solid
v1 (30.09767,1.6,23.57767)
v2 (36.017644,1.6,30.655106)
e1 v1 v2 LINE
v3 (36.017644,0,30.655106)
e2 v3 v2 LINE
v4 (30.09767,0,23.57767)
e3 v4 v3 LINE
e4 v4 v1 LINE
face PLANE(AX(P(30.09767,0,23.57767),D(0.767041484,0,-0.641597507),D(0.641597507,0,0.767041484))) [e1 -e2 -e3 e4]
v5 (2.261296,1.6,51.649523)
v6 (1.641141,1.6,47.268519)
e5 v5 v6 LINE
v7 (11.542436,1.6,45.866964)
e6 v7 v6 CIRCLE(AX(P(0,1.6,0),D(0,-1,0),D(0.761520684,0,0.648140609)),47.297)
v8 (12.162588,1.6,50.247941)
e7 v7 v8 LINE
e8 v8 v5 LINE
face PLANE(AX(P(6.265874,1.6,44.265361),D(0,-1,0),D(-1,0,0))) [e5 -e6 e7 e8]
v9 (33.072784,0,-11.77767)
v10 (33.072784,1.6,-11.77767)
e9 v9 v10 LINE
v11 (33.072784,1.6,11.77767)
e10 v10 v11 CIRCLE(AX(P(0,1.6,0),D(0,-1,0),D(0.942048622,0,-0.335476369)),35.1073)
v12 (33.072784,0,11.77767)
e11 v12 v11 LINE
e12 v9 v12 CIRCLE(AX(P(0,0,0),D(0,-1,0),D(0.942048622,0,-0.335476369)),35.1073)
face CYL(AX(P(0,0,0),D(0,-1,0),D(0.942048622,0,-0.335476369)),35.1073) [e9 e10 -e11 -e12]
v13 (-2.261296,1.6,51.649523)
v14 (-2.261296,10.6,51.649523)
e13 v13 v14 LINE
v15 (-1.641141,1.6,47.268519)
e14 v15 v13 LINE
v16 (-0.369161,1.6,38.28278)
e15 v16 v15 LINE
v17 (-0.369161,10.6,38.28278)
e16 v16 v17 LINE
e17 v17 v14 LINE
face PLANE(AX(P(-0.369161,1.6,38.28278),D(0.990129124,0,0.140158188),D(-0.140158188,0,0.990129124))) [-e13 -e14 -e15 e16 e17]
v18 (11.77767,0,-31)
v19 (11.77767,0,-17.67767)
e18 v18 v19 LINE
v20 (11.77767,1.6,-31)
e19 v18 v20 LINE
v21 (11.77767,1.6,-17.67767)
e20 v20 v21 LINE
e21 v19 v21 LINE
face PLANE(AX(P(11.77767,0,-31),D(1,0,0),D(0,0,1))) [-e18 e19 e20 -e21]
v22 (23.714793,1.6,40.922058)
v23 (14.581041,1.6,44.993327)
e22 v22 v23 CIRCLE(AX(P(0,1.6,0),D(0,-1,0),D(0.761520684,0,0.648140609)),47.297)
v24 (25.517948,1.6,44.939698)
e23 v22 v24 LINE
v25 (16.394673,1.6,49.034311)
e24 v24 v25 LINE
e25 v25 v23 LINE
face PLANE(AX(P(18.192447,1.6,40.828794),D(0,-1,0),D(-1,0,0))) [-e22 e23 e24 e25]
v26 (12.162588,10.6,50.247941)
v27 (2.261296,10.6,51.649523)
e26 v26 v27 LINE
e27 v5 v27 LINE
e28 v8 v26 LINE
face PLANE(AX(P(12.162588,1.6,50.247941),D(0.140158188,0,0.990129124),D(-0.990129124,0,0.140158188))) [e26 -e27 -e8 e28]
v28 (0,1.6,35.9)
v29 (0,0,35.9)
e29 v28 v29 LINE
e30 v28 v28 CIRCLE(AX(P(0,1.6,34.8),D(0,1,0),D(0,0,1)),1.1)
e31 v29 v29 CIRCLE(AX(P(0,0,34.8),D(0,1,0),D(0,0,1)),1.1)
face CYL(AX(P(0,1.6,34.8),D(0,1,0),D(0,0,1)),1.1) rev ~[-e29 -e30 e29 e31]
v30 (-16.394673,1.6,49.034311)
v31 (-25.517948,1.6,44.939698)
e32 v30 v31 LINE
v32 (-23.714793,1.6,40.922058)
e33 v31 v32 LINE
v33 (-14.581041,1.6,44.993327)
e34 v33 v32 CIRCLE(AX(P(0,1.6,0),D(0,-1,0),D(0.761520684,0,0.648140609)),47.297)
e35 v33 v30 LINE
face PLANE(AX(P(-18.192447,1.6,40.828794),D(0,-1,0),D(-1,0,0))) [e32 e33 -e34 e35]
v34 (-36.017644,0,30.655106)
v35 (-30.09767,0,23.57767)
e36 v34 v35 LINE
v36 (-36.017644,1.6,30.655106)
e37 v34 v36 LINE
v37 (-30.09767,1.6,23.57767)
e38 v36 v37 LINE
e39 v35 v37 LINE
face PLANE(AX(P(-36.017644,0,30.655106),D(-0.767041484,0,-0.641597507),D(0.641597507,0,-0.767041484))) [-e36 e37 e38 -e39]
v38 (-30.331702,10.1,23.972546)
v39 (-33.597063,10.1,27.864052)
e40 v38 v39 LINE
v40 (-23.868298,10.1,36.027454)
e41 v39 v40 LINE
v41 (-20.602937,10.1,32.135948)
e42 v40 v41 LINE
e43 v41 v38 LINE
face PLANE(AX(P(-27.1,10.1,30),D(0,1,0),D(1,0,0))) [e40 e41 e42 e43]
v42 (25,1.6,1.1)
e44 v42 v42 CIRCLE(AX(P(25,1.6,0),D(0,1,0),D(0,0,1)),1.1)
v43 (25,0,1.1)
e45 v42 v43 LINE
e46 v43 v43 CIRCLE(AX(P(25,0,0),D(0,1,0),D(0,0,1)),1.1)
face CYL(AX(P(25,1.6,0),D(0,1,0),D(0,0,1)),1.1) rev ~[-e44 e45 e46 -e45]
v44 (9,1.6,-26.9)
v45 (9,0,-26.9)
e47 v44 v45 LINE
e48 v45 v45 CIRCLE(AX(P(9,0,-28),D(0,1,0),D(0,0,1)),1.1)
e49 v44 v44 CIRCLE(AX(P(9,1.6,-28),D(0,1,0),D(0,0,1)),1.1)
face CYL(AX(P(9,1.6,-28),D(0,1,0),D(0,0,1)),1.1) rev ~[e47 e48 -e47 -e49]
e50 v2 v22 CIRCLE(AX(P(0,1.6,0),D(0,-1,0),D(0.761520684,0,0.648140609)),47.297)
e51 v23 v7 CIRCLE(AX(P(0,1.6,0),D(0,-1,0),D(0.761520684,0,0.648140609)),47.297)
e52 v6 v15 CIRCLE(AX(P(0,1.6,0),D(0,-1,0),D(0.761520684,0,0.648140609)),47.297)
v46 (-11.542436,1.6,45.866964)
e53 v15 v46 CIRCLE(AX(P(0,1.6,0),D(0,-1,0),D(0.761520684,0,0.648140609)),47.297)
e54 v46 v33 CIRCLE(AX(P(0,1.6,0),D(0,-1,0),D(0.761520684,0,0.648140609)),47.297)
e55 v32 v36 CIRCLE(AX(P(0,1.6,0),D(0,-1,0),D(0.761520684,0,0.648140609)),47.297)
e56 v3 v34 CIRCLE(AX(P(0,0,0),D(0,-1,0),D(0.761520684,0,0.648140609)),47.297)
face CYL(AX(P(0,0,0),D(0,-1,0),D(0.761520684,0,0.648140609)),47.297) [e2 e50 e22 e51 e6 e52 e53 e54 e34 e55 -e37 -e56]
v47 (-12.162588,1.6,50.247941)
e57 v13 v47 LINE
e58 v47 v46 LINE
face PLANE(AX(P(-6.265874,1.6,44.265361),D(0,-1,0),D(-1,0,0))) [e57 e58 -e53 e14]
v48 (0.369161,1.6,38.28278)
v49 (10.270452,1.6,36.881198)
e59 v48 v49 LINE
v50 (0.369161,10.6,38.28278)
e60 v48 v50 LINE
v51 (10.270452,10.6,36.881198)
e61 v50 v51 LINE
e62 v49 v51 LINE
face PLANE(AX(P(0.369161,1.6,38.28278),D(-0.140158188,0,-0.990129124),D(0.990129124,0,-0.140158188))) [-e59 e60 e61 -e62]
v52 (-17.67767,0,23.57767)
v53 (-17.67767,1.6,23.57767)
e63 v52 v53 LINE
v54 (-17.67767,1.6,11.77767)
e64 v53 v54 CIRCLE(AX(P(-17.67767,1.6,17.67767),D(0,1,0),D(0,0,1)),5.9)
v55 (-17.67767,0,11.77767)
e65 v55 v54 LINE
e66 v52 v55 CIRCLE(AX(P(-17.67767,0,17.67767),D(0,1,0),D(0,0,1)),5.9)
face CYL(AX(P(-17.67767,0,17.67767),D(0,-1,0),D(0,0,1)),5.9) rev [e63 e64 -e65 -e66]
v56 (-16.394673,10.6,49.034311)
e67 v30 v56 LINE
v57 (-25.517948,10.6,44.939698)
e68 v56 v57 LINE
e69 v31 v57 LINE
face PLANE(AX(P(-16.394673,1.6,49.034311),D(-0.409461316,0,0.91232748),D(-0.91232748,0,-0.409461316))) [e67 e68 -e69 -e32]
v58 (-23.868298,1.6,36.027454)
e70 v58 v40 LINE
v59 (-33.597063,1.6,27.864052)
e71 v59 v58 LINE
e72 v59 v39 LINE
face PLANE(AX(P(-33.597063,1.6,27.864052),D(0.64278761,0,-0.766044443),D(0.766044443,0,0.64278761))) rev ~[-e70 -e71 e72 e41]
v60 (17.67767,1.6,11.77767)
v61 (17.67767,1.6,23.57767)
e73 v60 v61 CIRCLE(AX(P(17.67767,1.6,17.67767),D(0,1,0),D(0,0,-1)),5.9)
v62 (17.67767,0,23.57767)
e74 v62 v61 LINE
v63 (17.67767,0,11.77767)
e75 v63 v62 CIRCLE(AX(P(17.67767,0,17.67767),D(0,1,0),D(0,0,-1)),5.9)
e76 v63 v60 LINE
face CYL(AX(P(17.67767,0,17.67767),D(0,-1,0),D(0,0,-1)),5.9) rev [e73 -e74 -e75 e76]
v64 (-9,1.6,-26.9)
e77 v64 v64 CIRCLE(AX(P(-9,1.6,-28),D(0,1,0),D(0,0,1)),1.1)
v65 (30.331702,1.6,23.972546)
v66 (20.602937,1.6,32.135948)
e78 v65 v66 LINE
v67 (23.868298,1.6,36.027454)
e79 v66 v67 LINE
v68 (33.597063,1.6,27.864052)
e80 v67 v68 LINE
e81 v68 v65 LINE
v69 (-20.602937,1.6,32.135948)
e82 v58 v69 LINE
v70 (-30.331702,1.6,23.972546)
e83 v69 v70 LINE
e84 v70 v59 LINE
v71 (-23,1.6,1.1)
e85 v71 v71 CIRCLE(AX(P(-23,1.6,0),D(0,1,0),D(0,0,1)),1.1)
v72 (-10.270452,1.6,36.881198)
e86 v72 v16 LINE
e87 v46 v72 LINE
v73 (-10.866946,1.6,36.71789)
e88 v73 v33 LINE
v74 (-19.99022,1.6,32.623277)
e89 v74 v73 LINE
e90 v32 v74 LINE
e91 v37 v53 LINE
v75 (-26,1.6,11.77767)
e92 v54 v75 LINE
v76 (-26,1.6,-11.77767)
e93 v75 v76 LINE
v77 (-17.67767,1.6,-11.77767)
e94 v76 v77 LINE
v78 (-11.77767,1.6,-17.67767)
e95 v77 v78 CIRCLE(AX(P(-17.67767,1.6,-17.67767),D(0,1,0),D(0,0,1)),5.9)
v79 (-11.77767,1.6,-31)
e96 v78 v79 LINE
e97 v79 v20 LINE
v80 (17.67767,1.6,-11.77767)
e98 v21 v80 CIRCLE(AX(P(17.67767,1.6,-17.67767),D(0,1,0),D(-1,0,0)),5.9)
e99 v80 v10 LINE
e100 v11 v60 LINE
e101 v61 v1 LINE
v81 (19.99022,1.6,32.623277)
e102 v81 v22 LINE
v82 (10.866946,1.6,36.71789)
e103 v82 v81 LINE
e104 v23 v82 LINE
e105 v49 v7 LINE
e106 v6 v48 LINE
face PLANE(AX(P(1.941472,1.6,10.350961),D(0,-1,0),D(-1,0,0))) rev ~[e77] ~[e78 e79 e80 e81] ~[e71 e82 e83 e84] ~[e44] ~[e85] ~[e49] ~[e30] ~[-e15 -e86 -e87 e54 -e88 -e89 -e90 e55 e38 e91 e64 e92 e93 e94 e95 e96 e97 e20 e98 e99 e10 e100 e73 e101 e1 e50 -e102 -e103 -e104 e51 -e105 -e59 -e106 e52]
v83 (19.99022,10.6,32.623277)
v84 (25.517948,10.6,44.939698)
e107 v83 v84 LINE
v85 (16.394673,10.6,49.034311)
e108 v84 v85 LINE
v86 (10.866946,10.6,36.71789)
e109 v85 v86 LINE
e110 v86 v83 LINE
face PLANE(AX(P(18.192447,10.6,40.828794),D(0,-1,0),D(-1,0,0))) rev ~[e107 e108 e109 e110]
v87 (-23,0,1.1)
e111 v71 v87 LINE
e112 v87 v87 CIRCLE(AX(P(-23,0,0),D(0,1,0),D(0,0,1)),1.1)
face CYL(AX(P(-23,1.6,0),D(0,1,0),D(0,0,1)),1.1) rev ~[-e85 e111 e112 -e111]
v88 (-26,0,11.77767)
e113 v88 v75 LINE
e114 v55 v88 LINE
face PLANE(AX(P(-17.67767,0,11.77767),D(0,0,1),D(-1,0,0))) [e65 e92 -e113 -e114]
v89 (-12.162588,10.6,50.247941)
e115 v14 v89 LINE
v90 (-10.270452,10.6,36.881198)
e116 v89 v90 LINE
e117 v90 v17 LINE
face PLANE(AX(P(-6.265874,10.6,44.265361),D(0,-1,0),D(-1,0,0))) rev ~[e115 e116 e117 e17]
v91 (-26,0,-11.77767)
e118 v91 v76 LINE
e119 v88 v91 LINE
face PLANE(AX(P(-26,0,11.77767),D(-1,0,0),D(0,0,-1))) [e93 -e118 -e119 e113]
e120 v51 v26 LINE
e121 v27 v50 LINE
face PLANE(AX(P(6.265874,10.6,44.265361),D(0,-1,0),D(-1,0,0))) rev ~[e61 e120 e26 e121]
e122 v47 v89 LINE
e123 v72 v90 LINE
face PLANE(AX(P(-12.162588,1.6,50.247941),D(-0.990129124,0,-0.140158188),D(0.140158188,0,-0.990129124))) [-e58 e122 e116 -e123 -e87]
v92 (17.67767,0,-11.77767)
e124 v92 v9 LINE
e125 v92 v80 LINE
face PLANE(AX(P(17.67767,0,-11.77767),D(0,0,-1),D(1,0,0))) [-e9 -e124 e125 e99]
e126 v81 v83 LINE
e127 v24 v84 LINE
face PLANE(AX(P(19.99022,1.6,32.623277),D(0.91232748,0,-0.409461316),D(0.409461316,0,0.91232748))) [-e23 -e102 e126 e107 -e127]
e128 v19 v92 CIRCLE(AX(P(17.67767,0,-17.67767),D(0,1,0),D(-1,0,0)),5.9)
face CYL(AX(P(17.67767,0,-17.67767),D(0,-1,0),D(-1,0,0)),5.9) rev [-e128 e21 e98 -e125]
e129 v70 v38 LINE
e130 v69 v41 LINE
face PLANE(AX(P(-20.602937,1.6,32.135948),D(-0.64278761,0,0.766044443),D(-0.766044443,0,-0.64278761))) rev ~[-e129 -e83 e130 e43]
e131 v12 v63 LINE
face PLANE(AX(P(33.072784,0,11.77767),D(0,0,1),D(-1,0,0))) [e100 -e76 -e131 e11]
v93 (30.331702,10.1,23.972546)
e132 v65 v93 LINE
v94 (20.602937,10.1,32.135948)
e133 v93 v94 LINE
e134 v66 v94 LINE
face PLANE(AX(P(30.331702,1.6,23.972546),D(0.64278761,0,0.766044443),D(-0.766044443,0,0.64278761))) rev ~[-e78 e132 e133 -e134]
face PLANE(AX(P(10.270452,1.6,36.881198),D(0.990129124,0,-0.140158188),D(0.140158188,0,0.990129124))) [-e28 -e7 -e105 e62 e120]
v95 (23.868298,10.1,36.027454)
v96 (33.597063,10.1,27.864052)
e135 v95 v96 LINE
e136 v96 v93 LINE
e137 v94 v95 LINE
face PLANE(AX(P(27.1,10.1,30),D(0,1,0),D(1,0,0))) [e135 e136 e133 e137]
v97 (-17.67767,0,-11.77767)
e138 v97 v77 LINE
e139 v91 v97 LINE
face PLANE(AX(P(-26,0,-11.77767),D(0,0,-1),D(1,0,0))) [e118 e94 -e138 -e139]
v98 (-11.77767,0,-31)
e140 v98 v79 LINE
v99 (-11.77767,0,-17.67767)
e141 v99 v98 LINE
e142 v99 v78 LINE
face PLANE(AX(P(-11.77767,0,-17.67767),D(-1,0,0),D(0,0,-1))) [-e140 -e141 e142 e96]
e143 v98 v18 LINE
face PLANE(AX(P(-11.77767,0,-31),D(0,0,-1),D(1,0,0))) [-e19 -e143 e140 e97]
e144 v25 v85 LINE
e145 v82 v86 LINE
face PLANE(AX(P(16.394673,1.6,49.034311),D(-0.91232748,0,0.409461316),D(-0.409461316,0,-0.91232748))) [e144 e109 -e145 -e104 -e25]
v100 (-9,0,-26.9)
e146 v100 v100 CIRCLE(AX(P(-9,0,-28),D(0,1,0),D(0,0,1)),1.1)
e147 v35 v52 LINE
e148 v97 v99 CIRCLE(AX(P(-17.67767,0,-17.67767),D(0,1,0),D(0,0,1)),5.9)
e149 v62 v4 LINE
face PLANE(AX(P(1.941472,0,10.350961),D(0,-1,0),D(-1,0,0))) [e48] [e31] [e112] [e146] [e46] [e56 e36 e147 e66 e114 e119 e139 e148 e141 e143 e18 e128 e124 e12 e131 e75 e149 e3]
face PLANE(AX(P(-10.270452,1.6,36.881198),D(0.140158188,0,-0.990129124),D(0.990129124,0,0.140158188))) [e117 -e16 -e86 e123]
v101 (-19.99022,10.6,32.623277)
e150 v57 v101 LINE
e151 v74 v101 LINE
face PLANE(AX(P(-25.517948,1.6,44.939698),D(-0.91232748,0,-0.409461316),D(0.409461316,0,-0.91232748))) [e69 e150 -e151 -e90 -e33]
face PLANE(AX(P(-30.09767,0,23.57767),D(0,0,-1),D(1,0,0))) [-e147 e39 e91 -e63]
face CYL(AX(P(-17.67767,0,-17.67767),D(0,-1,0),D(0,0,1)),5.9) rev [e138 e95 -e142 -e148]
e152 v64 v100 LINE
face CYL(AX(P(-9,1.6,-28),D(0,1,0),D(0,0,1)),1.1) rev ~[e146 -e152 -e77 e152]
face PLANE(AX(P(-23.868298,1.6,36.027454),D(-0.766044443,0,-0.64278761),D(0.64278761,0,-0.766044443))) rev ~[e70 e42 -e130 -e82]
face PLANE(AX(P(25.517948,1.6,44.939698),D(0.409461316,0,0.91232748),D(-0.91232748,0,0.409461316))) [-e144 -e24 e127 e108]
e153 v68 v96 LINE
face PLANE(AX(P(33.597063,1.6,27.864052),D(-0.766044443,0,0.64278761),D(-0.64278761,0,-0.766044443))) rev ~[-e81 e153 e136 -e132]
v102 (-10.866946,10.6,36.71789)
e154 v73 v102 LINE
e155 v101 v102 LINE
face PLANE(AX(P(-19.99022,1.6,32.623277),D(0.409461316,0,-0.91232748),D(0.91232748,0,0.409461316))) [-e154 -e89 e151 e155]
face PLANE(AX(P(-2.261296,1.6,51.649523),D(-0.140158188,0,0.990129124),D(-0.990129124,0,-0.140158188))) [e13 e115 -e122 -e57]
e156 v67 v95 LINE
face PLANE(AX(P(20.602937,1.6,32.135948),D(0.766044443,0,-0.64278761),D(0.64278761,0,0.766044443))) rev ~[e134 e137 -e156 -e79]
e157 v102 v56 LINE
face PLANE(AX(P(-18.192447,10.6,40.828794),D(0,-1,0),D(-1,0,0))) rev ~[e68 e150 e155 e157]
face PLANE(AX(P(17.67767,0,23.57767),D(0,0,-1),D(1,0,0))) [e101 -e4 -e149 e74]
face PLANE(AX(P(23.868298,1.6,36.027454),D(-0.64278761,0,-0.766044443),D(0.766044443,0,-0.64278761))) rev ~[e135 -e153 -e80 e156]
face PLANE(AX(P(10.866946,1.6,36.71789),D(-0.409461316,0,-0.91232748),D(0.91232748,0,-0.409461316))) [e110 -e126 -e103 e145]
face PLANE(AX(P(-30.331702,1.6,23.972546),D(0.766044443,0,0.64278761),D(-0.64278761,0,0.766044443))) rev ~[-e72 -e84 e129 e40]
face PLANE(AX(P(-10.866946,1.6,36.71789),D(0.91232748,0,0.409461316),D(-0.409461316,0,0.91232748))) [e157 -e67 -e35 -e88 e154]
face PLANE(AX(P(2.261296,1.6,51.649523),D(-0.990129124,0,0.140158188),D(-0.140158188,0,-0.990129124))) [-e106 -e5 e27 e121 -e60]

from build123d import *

# Parameters (mm, degrees)
BOSS_EXTRUDE1_DEPTH = 1.6
BOSS_EXTRUDE2_DEPTH = 8.5
BOSS_EXTRUDE3_DEPTH = 9
SKETCH4_R           = 1.1
CUT_EXTRUDE1_DEPTH  = 64.607734681


with BuildPart() as part:
    # Sketch1 → Boss-Extrude1 (new body)
    with BuildSketch(Plane(origin=(0, 0, 0), x_dir=(1, 0, 0), z_dir=(0, 1, 0))):
        with BuildLine():
            Line((-11.77766953, 17.67766953), (-11.77766953, 31))
            Line((-11.77766953, 31), (11.77766953, 31))
            Line((11.77766953, 31), (11.77766953, 17.67766953))
            ThreePointArc((11.77766953, 17.67766953), (13.505739521, 13.505739521), (17.67766953, 11.77766953))
            Line((17.67766953, 11.77766953), (33.07278358, 11.77766953))
            ThreePointArc((33.07278358, 11.77766953), (35.1073, 0), (33.07278358, -11.77766953))
            Line((33.07278358, -11.77766953), (17.67766953, -11.77766953))
            ThreePointArc((17.67766953, -11.77766953), (11.77766953, -17.67766953), (17.67766953, -23.57766953))
            Line((17.67766953, -23.57766953), (30.09766953, -23.57766953))
            Line((30.09766953, -23.57766953), (36.017643771, -30.655106364))
            ThreePointArc((36.017643771, -30.655106364), (0, -47.297), (-36.017643771, -30.655106364))
            Line((-36.017643771, -30.655106364), (-30.09766953, -23.57766953))
            Line((-30.09766953, -23.57766953), (-17.67766953, -23.57766953))
            ThreePointArc((-17.67766953, -23.57766953), (-11.77766953, -17.67766953), (-17.67766953, -11.77766953))
            Line((-17.67766953, -11.77766953), (-26, -11.77766953))
            Line((-26, -11.77766953), (-26, 11.77766953))
            Line((-26, 11.77766953), (-17.67766953, 11.77766953))
            ThreePointArc((-17.67766953, 11.77766953), (-13.505739521, 13.505739521), (-11.77766953, 17.67766953))
        make_face()
    extrude(amount=BOSS_EXTRUDE1_DEPTH)

    # Sketch2 → Boss-Extrude2 (add)
    with BuildSketch(Plane(origin=(0, 1.6, 0), x_dir=(1, 0, 0), z_dir=(0, 1, 0))):
        Polygon((-33.597062742, -27.864051564), (-23.868298315, -36.027454207), (-20.602937258, -32.135948436), (-30.331701685, -23.972545793), align=None)
        Polygon((23.868298315, -36.027454207), (33.597062742, -27.864051564), (30.331701685, -23.972545793), (20.602937258, -32.135948436), align=None)
    extrude(amount=BOSS_EXTRUDE2_DEPTH)

    # Sketch3 → Boss-Extrude3 (add)
    with BuildSketch(Plane(origin=(0, 1.6, 0), x_dir=(1, 0, 0), z_dir=(0, 1, 0))):
        Polygon((-25.517948101, -44.939697826), (-19.990220336, -32.623276846), (-10.866945536, -36.717890005), (-16.394673301, -49.034310985), align=None)
        Polygon((-0.36916096, -38.28278004), (-2.261296496, -51.649523215), (-12.162587737, -50.247941336), (-10.2704522, -36.881198161), align=None)
        Polygon((2.261296496, -51.649523215), (0.36916096, -38.28278004), (10.2704522, -36.881198161), (12.162587737, -50.247941336), align=None)
        Polygon((16.394673301, -49.034310985), (10.866945536, -36.717890005), (19.990220336, -32.623276846), (25.517948101, -44.939697826), align=None)
    extrude(amount=BOSS_EXTRUDE3_DEPTH)

    # Sketch4 → Cut-Extrude1 (cut, through all)
    with BuildSketch(Plane(origin=(0, 1.6, 0), x_dir=(1, 0, 0), z_dir=(0, 1, 0))):
        with Locations(Location((0, -34.8, 0), (0, 0, 270))):
            Circle(SKETCH4_R)
        with Locations(Location((25, 0, 0), (0, 0, 270))):
            Circle(SKETCH4_R)
        with Locations(Location((-23, 0, 0), (0, 0, 270))):
            Circle(SKETCH4_R)
        with Locations(Location((-9, 28, 0), (0, 0, 270))):
            Circle(SKETCH4_R)
        with Locations(Location((9, 28, 0), (0, 0, 270))):
            Circle(SKETCH4_R)
    extrude(amount=-CUT_EXTRUDE1_DEPTH, mode=Mode.SUBTRACT)


solid = part.part
